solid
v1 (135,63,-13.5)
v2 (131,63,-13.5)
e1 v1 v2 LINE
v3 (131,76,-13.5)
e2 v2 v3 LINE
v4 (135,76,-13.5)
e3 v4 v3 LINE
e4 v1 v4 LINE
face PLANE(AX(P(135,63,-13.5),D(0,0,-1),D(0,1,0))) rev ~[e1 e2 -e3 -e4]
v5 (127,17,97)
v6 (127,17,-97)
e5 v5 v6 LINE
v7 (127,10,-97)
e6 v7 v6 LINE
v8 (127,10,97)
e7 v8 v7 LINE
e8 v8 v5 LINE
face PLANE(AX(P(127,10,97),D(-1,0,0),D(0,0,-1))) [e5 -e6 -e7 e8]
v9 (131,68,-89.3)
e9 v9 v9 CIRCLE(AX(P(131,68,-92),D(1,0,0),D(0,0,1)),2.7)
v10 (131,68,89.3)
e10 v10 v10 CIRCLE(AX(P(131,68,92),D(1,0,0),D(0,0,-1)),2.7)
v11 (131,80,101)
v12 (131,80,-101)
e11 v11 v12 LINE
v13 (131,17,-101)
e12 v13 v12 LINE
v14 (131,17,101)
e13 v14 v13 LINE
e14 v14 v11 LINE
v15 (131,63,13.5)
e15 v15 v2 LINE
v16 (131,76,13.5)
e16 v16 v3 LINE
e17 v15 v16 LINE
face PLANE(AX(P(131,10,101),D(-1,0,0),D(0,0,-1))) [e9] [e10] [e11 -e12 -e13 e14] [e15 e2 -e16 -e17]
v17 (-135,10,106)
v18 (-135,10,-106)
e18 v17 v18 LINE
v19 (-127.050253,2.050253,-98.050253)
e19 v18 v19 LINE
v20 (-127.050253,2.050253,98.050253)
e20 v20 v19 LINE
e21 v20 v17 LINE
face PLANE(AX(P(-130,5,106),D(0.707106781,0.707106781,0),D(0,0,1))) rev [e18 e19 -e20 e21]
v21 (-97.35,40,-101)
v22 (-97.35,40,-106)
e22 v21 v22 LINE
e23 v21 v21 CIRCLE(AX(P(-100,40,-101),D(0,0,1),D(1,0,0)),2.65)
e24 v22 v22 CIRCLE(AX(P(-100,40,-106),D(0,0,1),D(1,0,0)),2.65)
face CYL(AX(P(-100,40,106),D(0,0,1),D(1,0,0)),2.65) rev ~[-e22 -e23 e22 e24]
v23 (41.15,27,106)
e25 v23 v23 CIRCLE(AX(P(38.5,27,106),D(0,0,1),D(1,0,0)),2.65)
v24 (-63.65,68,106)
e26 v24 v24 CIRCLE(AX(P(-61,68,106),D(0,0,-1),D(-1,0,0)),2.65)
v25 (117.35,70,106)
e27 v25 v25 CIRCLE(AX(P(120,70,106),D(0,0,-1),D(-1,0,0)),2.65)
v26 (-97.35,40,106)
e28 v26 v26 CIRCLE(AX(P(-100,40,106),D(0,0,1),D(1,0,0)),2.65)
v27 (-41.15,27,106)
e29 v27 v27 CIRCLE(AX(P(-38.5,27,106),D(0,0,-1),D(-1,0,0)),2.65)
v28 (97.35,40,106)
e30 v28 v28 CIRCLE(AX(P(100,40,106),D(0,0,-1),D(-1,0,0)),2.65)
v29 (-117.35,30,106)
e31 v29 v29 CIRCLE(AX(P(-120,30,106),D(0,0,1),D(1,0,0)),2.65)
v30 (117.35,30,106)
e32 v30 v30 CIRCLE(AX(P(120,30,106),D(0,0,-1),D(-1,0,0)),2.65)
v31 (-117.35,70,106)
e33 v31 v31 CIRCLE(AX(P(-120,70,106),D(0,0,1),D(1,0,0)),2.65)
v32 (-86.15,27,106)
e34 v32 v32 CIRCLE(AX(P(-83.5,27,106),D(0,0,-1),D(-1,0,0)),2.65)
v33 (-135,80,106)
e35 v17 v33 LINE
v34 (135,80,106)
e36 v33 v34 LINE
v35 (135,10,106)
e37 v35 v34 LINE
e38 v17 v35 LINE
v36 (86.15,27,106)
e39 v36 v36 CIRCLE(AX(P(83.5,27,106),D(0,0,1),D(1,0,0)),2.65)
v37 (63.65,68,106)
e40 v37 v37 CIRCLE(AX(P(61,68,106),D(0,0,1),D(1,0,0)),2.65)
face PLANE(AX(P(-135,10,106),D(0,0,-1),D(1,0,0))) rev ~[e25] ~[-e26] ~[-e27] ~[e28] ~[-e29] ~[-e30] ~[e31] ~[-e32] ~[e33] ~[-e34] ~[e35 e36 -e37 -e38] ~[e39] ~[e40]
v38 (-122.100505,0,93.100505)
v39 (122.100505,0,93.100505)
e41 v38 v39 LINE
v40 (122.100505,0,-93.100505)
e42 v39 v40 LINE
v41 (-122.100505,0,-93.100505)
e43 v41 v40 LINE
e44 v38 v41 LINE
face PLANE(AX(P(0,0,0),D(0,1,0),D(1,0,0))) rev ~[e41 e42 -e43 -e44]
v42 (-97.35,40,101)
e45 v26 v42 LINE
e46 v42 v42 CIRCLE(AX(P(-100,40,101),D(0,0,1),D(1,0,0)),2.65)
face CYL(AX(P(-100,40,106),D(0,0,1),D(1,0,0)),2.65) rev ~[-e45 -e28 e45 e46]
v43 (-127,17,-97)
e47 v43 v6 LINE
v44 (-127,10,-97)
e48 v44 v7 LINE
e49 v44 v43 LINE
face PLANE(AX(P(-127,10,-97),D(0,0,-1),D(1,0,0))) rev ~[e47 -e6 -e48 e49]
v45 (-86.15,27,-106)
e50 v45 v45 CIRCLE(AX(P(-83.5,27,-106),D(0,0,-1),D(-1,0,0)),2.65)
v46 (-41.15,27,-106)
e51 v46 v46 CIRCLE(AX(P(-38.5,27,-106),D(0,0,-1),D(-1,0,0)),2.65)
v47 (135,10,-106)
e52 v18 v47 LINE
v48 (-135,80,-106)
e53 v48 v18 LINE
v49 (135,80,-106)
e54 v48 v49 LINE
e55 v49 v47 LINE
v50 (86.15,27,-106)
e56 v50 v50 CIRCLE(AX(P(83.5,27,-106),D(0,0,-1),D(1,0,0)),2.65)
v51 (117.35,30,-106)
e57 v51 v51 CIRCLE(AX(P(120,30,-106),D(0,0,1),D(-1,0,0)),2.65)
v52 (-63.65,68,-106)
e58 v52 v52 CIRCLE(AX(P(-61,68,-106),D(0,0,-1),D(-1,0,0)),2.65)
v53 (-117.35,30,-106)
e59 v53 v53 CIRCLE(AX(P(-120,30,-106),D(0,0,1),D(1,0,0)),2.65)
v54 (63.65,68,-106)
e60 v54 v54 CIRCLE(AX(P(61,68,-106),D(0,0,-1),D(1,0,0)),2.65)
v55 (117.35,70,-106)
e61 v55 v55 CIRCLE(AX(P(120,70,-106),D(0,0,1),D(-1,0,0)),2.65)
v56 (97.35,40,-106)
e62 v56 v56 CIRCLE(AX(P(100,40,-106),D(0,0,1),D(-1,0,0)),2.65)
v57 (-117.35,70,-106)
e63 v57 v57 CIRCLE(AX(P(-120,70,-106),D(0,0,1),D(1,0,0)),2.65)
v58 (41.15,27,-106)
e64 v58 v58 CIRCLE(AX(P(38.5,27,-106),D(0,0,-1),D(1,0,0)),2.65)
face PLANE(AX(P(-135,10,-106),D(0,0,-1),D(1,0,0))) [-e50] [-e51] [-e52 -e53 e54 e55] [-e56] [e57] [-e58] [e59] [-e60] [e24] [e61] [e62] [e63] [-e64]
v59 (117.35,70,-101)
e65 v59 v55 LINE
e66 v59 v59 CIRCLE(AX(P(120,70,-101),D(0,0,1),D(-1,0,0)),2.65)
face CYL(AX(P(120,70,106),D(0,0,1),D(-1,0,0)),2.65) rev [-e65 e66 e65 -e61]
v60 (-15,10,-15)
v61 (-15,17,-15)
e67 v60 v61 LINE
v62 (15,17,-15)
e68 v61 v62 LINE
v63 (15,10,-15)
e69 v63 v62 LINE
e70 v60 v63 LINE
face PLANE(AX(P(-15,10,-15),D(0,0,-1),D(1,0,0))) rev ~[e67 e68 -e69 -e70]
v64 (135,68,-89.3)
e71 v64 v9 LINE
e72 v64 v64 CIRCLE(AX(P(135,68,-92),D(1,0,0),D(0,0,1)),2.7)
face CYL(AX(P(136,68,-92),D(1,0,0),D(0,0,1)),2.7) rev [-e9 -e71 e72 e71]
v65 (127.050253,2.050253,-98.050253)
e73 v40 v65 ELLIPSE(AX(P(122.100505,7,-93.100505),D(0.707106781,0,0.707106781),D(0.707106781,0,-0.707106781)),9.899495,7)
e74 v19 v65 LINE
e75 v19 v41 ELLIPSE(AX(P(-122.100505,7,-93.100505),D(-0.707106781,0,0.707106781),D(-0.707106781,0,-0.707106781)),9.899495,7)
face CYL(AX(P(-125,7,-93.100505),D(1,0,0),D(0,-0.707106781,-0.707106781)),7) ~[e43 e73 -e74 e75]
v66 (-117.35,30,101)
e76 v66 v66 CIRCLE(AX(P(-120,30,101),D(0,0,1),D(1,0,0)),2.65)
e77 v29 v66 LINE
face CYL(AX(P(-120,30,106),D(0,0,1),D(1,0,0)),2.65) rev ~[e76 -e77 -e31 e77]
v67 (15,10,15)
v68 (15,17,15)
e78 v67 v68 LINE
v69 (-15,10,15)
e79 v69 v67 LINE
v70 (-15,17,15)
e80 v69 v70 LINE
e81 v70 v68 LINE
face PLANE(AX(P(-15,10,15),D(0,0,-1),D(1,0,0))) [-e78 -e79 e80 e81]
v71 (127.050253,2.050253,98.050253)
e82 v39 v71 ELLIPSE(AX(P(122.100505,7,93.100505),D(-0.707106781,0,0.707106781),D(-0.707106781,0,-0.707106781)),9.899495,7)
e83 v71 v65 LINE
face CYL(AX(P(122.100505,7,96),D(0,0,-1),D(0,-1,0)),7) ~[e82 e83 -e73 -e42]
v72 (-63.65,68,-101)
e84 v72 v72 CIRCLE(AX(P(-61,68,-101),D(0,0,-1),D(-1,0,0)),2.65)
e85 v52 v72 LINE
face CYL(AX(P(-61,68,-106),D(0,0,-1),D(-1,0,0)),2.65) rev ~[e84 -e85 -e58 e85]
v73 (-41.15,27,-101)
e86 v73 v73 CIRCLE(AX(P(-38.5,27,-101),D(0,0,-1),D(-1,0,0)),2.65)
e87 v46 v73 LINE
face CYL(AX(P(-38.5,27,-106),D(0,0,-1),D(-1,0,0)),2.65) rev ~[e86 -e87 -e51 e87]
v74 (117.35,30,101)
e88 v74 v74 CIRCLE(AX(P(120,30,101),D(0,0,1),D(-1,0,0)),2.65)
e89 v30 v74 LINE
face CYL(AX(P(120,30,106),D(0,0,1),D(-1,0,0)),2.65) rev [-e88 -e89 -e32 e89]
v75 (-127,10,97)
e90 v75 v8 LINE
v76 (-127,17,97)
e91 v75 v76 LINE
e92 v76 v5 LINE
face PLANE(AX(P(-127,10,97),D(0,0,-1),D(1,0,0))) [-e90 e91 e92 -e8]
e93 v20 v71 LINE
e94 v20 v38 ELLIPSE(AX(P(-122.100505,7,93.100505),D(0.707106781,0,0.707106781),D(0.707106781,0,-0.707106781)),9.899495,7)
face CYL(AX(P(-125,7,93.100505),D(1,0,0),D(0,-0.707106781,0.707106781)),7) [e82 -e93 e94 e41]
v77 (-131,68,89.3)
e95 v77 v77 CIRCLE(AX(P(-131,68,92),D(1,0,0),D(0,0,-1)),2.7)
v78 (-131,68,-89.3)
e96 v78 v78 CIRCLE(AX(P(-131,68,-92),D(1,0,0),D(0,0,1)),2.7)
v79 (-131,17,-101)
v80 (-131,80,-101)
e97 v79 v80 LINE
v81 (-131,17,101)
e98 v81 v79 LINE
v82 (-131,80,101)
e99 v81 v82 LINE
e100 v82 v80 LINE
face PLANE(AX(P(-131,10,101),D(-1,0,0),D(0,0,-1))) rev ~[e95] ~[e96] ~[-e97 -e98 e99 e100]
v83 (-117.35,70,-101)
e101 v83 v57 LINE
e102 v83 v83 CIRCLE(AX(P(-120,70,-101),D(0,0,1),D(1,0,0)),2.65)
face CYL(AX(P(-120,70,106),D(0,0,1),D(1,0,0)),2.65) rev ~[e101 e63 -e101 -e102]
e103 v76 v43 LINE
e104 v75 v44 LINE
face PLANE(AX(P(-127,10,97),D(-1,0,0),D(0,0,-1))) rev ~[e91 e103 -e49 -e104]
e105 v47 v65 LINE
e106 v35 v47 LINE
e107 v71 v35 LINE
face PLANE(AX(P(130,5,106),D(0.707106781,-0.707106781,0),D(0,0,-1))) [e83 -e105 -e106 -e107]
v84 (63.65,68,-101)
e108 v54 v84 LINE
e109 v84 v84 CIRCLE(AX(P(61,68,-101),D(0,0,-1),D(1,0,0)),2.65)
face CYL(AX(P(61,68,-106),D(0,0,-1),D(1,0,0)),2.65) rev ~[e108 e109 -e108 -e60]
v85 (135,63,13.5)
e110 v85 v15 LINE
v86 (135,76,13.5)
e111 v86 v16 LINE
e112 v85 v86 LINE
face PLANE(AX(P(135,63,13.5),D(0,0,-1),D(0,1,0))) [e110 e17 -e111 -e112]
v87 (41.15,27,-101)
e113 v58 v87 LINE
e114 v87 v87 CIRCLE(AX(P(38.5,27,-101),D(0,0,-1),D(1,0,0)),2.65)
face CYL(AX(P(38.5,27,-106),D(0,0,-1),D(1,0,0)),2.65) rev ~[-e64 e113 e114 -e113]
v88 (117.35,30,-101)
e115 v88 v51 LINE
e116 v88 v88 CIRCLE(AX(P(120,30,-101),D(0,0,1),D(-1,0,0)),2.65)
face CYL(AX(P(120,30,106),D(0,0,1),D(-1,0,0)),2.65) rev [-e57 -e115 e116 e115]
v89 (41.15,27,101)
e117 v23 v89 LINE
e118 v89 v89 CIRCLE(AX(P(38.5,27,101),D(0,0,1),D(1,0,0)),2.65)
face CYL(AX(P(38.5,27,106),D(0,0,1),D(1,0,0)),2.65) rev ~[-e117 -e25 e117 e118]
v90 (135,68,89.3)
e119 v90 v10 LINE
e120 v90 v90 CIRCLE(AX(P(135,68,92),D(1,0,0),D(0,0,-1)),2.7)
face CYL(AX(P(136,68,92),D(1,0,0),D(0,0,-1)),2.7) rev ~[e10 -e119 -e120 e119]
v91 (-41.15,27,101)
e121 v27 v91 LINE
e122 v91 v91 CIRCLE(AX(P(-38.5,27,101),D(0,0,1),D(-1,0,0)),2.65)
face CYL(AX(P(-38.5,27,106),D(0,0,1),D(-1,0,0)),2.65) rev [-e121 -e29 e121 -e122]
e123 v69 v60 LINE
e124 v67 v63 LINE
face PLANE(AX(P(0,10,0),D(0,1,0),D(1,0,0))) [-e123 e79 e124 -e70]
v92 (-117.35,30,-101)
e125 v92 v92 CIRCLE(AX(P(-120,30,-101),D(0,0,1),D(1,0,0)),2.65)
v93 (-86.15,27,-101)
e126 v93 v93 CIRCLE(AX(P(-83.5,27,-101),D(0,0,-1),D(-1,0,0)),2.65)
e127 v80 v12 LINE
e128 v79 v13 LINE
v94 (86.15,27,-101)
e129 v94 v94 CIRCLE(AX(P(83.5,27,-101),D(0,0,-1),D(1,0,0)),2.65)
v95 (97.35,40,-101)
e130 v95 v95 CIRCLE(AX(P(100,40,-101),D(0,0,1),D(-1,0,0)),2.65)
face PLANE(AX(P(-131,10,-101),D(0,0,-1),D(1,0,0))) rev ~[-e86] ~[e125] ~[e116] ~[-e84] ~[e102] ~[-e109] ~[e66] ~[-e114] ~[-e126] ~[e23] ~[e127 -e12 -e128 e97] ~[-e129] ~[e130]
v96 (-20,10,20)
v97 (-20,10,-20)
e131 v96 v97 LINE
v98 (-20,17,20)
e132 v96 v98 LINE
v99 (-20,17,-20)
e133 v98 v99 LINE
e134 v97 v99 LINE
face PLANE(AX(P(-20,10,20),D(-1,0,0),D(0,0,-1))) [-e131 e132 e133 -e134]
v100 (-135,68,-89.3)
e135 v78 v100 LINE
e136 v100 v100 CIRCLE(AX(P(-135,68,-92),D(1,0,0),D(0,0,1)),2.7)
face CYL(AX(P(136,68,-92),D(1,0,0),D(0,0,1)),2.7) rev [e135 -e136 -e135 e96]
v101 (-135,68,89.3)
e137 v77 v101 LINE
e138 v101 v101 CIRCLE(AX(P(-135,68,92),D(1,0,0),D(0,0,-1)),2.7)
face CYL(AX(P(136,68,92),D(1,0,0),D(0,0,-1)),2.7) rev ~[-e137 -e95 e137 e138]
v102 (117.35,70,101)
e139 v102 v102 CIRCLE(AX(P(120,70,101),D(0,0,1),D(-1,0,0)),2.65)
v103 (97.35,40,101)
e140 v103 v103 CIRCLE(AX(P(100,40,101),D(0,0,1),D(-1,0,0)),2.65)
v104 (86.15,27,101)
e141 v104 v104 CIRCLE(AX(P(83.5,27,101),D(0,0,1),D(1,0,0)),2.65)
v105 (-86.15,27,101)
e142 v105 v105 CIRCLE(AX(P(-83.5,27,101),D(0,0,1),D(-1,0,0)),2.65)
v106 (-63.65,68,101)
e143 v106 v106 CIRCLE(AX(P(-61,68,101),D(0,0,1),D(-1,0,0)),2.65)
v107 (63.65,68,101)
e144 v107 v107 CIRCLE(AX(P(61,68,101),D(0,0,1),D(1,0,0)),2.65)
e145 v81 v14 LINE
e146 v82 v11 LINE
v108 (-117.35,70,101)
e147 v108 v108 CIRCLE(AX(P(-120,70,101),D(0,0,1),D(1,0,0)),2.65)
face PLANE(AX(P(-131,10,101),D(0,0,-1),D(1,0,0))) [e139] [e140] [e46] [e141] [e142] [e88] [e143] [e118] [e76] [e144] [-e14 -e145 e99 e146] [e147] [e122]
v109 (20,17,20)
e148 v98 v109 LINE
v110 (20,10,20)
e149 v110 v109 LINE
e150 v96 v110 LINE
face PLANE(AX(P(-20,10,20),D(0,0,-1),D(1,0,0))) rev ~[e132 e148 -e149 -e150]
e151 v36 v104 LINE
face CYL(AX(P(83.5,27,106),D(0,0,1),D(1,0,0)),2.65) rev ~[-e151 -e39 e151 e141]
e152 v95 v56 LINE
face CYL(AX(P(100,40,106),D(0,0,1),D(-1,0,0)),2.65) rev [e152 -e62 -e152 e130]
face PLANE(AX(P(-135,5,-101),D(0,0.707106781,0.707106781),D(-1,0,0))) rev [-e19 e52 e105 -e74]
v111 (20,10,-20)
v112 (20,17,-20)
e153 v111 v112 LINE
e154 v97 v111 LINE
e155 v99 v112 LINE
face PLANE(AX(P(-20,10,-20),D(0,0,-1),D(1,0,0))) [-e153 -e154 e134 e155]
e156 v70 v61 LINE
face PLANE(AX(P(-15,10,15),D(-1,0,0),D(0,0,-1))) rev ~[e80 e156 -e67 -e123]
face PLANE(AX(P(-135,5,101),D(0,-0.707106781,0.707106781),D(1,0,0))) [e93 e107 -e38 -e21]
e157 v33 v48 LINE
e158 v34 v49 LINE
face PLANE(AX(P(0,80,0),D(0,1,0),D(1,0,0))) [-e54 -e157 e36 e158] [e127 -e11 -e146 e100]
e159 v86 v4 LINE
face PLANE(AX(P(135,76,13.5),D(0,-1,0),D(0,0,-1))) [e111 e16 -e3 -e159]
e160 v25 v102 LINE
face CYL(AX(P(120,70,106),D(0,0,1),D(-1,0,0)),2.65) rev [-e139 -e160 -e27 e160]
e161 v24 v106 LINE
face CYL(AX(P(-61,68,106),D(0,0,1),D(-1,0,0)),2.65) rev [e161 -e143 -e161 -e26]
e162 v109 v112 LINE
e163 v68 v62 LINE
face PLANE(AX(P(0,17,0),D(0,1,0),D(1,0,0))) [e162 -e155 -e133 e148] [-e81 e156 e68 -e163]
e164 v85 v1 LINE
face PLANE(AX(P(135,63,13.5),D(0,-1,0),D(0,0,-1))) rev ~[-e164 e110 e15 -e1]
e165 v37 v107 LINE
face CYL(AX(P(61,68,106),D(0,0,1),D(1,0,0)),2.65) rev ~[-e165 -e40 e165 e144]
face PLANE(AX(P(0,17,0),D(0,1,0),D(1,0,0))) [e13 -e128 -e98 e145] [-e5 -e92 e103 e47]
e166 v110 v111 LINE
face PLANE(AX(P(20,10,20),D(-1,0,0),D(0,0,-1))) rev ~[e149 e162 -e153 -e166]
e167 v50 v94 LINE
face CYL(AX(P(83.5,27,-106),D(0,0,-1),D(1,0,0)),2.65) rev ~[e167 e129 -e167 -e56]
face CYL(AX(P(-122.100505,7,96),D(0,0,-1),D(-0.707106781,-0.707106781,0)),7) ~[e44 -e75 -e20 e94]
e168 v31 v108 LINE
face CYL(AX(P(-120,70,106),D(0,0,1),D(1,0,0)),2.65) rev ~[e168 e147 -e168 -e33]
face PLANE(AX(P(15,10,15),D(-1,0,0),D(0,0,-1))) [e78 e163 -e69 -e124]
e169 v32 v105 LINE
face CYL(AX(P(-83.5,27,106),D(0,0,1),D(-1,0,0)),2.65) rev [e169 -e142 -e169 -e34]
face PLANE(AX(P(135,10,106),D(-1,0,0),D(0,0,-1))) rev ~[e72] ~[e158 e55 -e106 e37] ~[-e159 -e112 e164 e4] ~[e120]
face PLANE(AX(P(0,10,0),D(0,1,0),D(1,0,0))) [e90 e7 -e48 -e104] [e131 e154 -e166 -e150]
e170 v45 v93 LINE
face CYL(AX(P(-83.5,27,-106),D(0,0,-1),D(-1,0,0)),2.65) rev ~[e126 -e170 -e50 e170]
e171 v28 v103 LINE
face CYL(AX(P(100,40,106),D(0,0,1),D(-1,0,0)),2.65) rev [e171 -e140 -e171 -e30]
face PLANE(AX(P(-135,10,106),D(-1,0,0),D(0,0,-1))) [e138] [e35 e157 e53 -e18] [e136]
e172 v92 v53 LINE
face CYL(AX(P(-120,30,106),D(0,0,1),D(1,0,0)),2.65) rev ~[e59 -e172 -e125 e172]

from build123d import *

# Parameters (mm, degrees)
SKETCH1_W               = 270
SKETCH1_H               = 212
BOSS_EXTRUDE1_DEPTH     = 10
SKETCH2_W               = 270
SKETCH2_H               = 212
SKETCH2_W_2             = 262
SKETCH2_H_2             = 202
BOSS_EXTRUDE2_DEPTH     = 70
SKETCH3_W               = 40
SKETCH3_H               = 40
SKETCH3_W_2             = 30
SKETCH3_H_2             = 30
BOSS_EXTRUDE3_DEPTH     = 7
CHAMFER1_SIZE           = 10
SKETCH4_R               = 2.65
CUT_EXTRUDE1_DEPTH      = 207
CIRPATTERN1_COUNT       = 2
MIRROR2_COPY_1_SKETCH_R = 2.65
MIRROR2_COPY_1_DEPTH    = 207
SKETCH5_R               = 2.65
CUT_EXTRUDE2_DEPTH      = 213
FILLET1_R               = 7
SKETCH6_W               = 262
SKETCH6_H               = 202
SKETCH6_W_2             = 254
SKETCH6_H_2             = 194
BOSS_EXTRUDE4_DEPTH     = 7
SKETCH7_W               = 27
SKETCH7_H               = 13
CUT_EXTRUDE3_DEPTH      = 4
CUT_EXTRUDE4_START      = -271
SKETCH8_R               = 2.7
CUT_EXTRUDE4_DEPTH      = 272


with BuildPart() as part:
    # Sketch1 → Boss-Extrude1 (new body)
    with BuildSketch(Plane(origin=(0, 0, 0), x_dir=(1, 0, 0), z_dir=(0, 1, 0))):
        Rectangle(SKETCH1_W, SKETCH1_H)
    extrude(amount=BOSS_EXTRUDE1_DEPTH)

    # Sketch2 → Boss-Extrude2 (add)
    with BuildSketch(Plane(origin=(0, 10, 0), x_dir=(1, 0, 0), z_dir=(0, 1, 0))):
        Rectangle(SKETCH2_W, SKETCH2_H)
        Rectangle(SKETCH2_W_2, SKETCH2_H_2, mode=Mode.SUBTRACT)
    extrude(amount=BOSS_EXTRUDE2_DEPTH)

    # Sketch3 → Boss-Extrude3 (add)
    with BuildSketch(Plane(origin=(0, 10, 0), x_dir=(1, 0, 0), z_dir=(0, 1, 0))):
        Rectangle(SKETCH3_W, SKETCH3_H)
        Rectangle(SKETCH3_W_2, SKETCH3_H_2, mode=Mode.SUBTRACT)
    extrude(amount=BOSS_EXTRUDE3_DEPTH)

    # Chamfer1
    chamfer1_edges = [part.edges().sort_by_distance(p)[0] for p in [
        (0, 0, 106),
        (-135, 0, 0),
        (0, 0, -106),
        (135, 0, 0),
    ]]
    chamfer(chamfer1_edges, length=CHAMFER1_SIZE)

    # Sketch4 → Cut-Extrude1 (cut)
    with BuildSketch(Plane.XY.offset(106)):
        with Locations((83.5, 27)):
            Circle(SKETCH4_R)
        with Locations((38.5, 27)):
            Circle(SKETCH4_R)
        with Locations((61, 68)):
            Circle(SKETCH4_R)
    cut_extrude1 = extrude(amount=-CUT_EXTRUDE1_DEPTH, mode=Mode.SUBTRACT)

    # CirPattern1: Cut-Extrude1 ×2 about axis
    cirpattern1_axis = Axis((0, 84, 0), (0, -1, 0))
    for i in range(1, CIRPATTERN1_COUNT):
        add(cut_extrude1.rotate(cirpattern1_axis, i * 360 / CIRPATTERN1_COUNT), mode=Mode.SUBTRACT)

    # Mirror2: Cut-Extrude1 across plane
    add(cut_extrude1.mirror(Plane(origin=(0, 0, 0), x_dir=(0, 0, 1), z_dir=(1, 0, 0))), mode=Mode.SUBTRACT)

    # Mirror2 copy 1 sketch → Mirror2 copy 1 (cut)
    with BuildSketch(Plane(origin=(0, 0, -106), x_dir=(1, 0, 0), z_dir=(0, 0, -1))):
        with Locations((83.5, -27)):
            Circle(MIRROR2_COPY_1_SKETCH_R)
        with Locations((38.5, -27)):
            Circle(MIRROR2_COPY_1_SKETCH_R)
        with Locations((61, -68)):
            Circle(MIRROR2_COPY_1_SKETCH_R)
    extrude(amount=-MIRROR2_COPY_1_DEPTH, mode=Mode.SUBTRACT)

    # Sketch5 → Cut-Extrude2 (cut, through all)
    with BuildSketch(Plane.XY.offset(106)):
        with Locations((-120, 70)):
            Circle(SKETCH5_R)
        with Locations((-120, 30)):
            Circle(SKETCH5_R)
        with Locations((-100, 40)):
            Circle(SKETCH5_R)
    cut_extrude2 = extrude(amount=-CUT_EXTRUDE2_DEPTH, mode=Mode.SUBTRACT)

    # Mirror1: Cut-Extrude2 across plane
    add(cut_extrude2.mirror(Plane(origin=(0, 0, 0), x_dir=(0, 0, 1), z_dir=(1, 0, 0))), mode=Mode.SUBTRACT)

    # Fillet1
    fillet1_edges = [part.edges().sort_by_distance(p)[0] for p in [
        (125, 0, 0),
        (0, 0, 96),
        (-125, 0, 0),
        (0, 0, -96),
    ]]
    fillet(fillet1_edges, radius=FILLET1_R)

    # Sketch6 → Boss-Extrude4 (add)
    with BuildSketch(Plane(origin=(0, 10, 0), x_dir=(1, 0, 0), z_dir=(0, 1, 0))):
        Rectangle(SKETCH6_W, SKETCH6_H)
        Rectangle(SKETCH6_W_2, SKETCH6_H_2, mode=Mode.SUBTRACT)
    extrude(amount=BOSS_EXTRUDE4_DEPTH)

    # Sketch7 → Cut-Extrude3 (cut)
    with BuildSketch(Plane(origin=(135, 0, 0), x_dir=(0, 0, -1), z_dir=(1, 0, 0))):
        with Locations((0, 69.5)):
            Rectangle(SKETCH7_W, SKETCH7_H)
    extrude(amount=-CUT_EXTRUDE3_DEPTH, mode=Mode.SUBTRACT)

    # Sketch8 → Cut-Extrude4 (cut)
    with BuildSketch(Plane.ZY.offset(135).offset(CUT_EXTRUDE4_START)):
        with Locations((-92, 68)):
            Circle(SKETCH8_R)
    cut_extrude4 = extrude(amount=CUT_EXTRUDE4_DEPTH, mode=Mode.SUBTRACT)

    # Mirror3: Cut-Extrude4 across plane
    add(cut_extrude4.mirror(Plane.XY), mode=Mode.SUBTRACT)


solid = part.part
